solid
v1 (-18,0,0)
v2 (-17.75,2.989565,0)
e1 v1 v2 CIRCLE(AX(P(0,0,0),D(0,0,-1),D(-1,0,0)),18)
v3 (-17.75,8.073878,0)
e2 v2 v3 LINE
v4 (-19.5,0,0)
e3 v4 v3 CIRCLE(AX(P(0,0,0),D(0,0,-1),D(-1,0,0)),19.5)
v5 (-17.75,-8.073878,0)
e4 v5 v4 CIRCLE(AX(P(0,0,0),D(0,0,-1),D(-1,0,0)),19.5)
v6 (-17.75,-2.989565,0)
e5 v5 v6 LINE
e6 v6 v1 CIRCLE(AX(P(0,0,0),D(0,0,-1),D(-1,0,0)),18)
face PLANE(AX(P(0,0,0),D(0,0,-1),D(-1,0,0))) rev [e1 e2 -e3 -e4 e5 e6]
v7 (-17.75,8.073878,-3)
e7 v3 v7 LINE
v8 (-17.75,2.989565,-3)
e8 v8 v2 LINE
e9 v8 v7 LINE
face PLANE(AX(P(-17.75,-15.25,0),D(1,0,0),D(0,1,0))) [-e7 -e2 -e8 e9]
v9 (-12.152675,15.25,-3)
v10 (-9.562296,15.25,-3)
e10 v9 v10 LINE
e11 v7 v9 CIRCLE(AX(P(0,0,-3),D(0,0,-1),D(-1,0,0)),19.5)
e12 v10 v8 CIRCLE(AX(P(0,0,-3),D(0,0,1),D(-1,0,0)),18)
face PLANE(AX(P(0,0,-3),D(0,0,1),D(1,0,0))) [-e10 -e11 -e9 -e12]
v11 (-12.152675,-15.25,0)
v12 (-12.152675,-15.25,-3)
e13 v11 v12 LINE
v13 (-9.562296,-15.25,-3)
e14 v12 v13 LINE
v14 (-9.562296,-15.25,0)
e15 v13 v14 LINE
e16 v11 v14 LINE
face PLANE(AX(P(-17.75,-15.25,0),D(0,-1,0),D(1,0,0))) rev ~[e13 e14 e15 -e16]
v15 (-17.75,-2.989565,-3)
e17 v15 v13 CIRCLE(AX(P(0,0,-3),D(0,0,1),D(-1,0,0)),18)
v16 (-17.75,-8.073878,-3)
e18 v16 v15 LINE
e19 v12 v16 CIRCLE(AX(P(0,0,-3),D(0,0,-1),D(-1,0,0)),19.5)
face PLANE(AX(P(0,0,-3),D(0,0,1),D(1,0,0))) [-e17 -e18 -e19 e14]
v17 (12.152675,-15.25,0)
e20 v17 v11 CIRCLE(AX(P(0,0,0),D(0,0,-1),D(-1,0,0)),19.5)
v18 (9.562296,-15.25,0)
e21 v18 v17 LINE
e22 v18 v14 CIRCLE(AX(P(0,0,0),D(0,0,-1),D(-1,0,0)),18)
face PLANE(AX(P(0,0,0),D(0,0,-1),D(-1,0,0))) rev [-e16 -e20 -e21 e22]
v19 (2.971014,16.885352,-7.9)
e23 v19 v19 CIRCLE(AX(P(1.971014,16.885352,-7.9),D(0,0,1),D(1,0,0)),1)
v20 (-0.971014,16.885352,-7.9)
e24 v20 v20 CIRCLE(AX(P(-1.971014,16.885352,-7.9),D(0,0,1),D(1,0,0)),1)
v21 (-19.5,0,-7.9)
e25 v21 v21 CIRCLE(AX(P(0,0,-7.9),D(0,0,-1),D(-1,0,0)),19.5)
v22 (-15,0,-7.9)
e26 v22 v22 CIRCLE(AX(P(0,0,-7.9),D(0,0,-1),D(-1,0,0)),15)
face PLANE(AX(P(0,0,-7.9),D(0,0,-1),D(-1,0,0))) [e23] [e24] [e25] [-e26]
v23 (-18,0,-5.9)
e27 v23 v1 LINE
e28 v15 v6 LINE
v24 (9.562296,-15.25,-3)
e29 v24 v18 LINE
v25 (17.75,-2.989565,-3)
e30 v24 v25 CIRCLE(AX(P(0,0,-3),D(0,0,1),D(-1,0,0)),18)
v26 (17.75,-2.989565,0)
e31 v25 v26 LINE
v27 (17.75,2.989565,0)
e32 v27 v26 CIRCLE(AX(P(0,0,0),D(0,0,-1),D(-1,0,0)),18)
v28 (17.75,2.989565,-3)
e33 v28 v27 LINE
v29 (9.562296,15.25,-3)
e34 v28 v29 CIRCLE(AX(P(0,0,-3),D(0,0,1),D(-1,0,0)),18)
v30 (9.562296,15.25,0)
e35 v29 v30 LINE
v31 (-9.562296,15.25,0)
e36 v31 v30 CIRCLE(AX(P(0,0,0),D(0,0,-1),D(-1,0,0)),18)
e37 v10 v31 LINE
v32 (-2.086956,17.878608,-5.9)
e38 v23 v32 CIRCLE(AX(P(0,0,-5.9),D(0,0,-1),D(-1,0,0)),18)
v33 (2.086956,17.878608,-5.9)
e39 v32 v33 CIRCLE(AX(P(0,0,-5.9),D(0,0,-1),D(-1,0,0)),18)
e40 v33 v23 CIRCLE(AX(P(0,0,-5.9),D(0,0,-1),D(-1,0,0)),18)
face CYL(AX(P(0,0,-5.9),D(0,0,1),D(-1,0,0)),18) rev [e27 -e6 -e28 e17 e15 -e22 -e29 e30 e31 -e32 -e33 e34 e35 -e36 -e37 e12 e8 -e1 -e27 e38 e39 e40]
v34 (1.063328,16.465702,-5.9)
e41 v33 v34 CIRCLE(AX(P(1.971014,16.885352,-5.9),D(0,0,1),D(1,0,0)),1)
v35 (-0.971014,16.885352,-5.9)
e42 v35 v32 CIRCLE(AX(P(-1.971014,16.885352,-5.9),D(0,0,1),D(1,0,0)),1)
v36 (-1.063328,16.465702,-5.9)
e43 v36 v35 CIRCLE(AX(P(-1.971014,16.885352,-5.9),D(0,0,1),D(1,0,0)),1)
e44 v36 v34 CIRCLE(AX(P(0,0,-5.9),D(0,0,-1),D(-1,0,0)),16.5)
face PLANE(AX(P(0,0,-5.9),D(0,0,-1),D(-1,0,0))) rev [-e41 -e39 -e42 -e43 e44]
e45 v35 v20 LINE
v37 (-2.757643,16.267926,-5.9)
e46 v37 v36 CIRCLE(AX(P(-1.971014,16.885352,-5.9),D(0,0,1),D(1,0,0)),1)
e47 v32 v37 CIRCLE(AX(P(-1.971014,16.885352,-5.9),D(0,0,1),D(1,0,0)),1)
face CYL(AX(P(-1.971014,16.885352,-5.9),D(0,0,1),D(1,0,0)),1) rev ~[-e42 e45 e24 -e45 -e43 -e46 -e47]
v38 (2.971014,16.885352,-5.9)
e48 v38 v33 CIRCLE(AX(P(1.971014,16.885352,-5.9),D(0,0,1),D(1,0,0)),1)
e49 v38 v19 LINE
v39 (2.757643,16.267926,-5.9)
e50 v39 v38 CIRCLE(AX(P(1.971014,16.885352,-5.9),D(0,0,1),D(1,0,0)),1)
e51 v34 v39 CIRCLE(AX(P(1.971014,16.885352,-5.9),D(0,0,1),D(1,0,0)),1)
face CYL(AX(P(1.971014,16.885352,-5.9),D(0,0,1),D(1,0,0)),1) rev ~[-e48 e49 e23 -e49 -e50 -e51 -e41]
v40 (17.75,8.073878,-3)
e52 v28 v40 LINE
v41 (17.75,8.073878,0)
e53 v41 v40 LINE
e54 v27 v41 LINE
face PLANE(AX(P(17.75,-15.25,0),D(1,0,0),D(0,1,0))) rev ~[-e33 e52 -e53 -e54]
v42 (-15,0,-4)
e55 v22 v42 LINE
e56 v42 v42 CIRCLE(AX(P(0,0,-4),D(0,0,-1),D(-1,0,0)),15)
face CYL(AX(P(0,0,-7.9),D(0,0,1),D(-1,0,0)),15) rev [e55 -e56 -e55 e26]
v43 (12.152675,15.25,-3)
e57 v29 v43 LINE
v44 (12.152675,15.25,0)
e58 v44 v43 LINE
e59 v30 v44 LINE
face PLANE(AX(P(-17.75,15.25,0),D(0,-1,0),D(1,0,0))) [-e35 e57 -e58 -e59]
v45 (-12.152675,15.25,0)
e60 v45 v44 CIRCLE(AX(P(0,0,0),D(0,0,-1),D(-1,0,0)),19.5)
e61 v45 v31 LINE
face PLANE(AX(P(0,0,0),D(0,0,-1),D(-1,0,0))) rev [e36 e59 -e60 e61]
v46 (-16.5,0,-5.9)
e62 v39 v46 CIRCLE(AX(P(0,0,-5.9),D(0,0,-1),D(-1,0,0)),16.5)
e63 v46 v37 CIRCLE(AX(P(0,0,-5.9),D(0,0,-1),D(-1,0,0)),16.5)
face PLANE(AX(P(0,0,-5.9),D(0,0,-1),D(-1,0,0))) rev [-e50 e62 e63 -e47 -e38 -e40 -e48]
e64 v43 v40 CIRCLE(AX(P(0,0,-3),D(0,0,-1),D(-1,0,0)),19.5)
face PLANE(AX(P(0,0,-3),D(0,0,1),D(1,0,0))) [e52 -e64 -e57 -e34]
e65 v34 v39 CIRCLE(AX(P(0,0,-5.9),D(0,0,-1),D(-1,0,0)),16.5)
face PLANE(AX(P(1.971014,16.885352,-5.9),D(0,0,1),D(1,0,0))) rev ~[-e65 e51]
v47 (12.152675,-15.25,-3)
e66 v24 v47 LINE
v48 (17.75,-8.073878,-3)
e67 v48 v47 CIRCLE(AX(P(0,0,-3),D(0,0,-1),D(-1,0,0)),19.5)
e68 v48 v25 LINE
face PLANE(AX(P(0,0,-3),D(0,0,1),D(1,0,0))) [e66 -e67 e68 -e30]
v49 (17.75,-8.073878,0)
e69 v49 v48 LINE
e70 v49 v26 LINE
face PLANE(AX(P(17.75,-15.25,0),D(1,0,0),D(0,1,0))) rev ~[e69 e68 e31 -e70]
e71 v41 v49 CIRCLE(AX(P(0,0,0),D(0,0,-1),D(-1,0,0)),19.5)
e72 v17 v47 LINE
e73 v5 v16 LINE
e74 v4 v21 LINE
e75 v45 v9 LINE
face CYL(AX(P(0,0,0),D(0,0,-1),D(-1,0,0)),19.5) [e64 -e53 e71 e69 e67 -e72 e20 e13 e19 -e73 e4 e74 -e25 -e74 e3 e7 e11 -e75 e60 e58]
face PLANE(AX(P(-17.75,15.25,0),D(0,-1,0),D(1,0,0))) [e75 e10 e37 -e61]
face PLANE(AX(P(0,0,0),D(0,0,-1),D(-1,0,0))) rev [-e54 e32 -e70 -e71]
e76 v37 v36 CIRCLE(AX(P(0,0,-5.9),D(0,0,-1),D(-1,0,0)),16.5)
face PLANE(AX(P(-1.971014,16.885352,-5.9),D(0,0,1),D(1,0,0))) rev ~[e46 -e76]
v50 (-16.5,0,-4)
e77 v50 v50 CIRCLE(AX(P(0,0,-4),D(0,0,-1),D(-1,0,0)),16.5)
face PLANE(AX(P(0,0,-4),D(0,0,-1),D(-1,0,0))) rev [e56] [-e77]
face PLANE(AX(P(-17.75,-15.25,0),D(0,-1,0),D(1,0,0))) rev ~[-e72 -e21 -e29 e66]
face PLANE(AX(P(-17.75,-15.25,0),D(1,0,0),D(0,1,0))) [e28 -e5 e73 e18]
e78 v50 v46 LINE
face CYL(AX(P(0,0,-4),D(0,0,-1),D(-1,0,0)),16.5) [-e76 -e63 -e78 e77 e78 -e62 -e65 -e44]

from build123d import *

# Parameters (mm, degrees)
F2_R     = 1
F3_DEPTH = 25
F4_W     = 35.5
F4_H     = 30.5
F5_DEPTH = 3


with BuildPart() as f1:
    # F0 (on Front) → F1 (revolve)
    with BuildSketch(Plane.XZ):
        Polygon((-15, -4), (-16.5, -4), (-16.5, -5.9), (-18, -5.9), (-18, 0), (-19.5, 0), (-19.5, -7.9), (-15, -7.9), align=None)
    revolve(axis=Axis((0, 0, -4.832979), (0, 0, -1)))

    # F2 (on face) → F3 (cut)
    with BuildSketch(Plane.XY.offset(-5.9)):
        with Locations((-1.971014, 16.885352)):
            Circle(F2_R)
        with Locations((1.971014, 16.885352)):
            Circle(F2_R)
    extrude(amount=-F3_DEPTH, mode=Mode.SUBTRACT)

    # F4 (on face) → F5 (cut)
    with BuildSketch(Plane.XY):
        Rectangle(F4_W, F4_H)
    extrude(amount=-F5_DEPTH, mode=Mode.SUBTRACT)


solid = f1.part
